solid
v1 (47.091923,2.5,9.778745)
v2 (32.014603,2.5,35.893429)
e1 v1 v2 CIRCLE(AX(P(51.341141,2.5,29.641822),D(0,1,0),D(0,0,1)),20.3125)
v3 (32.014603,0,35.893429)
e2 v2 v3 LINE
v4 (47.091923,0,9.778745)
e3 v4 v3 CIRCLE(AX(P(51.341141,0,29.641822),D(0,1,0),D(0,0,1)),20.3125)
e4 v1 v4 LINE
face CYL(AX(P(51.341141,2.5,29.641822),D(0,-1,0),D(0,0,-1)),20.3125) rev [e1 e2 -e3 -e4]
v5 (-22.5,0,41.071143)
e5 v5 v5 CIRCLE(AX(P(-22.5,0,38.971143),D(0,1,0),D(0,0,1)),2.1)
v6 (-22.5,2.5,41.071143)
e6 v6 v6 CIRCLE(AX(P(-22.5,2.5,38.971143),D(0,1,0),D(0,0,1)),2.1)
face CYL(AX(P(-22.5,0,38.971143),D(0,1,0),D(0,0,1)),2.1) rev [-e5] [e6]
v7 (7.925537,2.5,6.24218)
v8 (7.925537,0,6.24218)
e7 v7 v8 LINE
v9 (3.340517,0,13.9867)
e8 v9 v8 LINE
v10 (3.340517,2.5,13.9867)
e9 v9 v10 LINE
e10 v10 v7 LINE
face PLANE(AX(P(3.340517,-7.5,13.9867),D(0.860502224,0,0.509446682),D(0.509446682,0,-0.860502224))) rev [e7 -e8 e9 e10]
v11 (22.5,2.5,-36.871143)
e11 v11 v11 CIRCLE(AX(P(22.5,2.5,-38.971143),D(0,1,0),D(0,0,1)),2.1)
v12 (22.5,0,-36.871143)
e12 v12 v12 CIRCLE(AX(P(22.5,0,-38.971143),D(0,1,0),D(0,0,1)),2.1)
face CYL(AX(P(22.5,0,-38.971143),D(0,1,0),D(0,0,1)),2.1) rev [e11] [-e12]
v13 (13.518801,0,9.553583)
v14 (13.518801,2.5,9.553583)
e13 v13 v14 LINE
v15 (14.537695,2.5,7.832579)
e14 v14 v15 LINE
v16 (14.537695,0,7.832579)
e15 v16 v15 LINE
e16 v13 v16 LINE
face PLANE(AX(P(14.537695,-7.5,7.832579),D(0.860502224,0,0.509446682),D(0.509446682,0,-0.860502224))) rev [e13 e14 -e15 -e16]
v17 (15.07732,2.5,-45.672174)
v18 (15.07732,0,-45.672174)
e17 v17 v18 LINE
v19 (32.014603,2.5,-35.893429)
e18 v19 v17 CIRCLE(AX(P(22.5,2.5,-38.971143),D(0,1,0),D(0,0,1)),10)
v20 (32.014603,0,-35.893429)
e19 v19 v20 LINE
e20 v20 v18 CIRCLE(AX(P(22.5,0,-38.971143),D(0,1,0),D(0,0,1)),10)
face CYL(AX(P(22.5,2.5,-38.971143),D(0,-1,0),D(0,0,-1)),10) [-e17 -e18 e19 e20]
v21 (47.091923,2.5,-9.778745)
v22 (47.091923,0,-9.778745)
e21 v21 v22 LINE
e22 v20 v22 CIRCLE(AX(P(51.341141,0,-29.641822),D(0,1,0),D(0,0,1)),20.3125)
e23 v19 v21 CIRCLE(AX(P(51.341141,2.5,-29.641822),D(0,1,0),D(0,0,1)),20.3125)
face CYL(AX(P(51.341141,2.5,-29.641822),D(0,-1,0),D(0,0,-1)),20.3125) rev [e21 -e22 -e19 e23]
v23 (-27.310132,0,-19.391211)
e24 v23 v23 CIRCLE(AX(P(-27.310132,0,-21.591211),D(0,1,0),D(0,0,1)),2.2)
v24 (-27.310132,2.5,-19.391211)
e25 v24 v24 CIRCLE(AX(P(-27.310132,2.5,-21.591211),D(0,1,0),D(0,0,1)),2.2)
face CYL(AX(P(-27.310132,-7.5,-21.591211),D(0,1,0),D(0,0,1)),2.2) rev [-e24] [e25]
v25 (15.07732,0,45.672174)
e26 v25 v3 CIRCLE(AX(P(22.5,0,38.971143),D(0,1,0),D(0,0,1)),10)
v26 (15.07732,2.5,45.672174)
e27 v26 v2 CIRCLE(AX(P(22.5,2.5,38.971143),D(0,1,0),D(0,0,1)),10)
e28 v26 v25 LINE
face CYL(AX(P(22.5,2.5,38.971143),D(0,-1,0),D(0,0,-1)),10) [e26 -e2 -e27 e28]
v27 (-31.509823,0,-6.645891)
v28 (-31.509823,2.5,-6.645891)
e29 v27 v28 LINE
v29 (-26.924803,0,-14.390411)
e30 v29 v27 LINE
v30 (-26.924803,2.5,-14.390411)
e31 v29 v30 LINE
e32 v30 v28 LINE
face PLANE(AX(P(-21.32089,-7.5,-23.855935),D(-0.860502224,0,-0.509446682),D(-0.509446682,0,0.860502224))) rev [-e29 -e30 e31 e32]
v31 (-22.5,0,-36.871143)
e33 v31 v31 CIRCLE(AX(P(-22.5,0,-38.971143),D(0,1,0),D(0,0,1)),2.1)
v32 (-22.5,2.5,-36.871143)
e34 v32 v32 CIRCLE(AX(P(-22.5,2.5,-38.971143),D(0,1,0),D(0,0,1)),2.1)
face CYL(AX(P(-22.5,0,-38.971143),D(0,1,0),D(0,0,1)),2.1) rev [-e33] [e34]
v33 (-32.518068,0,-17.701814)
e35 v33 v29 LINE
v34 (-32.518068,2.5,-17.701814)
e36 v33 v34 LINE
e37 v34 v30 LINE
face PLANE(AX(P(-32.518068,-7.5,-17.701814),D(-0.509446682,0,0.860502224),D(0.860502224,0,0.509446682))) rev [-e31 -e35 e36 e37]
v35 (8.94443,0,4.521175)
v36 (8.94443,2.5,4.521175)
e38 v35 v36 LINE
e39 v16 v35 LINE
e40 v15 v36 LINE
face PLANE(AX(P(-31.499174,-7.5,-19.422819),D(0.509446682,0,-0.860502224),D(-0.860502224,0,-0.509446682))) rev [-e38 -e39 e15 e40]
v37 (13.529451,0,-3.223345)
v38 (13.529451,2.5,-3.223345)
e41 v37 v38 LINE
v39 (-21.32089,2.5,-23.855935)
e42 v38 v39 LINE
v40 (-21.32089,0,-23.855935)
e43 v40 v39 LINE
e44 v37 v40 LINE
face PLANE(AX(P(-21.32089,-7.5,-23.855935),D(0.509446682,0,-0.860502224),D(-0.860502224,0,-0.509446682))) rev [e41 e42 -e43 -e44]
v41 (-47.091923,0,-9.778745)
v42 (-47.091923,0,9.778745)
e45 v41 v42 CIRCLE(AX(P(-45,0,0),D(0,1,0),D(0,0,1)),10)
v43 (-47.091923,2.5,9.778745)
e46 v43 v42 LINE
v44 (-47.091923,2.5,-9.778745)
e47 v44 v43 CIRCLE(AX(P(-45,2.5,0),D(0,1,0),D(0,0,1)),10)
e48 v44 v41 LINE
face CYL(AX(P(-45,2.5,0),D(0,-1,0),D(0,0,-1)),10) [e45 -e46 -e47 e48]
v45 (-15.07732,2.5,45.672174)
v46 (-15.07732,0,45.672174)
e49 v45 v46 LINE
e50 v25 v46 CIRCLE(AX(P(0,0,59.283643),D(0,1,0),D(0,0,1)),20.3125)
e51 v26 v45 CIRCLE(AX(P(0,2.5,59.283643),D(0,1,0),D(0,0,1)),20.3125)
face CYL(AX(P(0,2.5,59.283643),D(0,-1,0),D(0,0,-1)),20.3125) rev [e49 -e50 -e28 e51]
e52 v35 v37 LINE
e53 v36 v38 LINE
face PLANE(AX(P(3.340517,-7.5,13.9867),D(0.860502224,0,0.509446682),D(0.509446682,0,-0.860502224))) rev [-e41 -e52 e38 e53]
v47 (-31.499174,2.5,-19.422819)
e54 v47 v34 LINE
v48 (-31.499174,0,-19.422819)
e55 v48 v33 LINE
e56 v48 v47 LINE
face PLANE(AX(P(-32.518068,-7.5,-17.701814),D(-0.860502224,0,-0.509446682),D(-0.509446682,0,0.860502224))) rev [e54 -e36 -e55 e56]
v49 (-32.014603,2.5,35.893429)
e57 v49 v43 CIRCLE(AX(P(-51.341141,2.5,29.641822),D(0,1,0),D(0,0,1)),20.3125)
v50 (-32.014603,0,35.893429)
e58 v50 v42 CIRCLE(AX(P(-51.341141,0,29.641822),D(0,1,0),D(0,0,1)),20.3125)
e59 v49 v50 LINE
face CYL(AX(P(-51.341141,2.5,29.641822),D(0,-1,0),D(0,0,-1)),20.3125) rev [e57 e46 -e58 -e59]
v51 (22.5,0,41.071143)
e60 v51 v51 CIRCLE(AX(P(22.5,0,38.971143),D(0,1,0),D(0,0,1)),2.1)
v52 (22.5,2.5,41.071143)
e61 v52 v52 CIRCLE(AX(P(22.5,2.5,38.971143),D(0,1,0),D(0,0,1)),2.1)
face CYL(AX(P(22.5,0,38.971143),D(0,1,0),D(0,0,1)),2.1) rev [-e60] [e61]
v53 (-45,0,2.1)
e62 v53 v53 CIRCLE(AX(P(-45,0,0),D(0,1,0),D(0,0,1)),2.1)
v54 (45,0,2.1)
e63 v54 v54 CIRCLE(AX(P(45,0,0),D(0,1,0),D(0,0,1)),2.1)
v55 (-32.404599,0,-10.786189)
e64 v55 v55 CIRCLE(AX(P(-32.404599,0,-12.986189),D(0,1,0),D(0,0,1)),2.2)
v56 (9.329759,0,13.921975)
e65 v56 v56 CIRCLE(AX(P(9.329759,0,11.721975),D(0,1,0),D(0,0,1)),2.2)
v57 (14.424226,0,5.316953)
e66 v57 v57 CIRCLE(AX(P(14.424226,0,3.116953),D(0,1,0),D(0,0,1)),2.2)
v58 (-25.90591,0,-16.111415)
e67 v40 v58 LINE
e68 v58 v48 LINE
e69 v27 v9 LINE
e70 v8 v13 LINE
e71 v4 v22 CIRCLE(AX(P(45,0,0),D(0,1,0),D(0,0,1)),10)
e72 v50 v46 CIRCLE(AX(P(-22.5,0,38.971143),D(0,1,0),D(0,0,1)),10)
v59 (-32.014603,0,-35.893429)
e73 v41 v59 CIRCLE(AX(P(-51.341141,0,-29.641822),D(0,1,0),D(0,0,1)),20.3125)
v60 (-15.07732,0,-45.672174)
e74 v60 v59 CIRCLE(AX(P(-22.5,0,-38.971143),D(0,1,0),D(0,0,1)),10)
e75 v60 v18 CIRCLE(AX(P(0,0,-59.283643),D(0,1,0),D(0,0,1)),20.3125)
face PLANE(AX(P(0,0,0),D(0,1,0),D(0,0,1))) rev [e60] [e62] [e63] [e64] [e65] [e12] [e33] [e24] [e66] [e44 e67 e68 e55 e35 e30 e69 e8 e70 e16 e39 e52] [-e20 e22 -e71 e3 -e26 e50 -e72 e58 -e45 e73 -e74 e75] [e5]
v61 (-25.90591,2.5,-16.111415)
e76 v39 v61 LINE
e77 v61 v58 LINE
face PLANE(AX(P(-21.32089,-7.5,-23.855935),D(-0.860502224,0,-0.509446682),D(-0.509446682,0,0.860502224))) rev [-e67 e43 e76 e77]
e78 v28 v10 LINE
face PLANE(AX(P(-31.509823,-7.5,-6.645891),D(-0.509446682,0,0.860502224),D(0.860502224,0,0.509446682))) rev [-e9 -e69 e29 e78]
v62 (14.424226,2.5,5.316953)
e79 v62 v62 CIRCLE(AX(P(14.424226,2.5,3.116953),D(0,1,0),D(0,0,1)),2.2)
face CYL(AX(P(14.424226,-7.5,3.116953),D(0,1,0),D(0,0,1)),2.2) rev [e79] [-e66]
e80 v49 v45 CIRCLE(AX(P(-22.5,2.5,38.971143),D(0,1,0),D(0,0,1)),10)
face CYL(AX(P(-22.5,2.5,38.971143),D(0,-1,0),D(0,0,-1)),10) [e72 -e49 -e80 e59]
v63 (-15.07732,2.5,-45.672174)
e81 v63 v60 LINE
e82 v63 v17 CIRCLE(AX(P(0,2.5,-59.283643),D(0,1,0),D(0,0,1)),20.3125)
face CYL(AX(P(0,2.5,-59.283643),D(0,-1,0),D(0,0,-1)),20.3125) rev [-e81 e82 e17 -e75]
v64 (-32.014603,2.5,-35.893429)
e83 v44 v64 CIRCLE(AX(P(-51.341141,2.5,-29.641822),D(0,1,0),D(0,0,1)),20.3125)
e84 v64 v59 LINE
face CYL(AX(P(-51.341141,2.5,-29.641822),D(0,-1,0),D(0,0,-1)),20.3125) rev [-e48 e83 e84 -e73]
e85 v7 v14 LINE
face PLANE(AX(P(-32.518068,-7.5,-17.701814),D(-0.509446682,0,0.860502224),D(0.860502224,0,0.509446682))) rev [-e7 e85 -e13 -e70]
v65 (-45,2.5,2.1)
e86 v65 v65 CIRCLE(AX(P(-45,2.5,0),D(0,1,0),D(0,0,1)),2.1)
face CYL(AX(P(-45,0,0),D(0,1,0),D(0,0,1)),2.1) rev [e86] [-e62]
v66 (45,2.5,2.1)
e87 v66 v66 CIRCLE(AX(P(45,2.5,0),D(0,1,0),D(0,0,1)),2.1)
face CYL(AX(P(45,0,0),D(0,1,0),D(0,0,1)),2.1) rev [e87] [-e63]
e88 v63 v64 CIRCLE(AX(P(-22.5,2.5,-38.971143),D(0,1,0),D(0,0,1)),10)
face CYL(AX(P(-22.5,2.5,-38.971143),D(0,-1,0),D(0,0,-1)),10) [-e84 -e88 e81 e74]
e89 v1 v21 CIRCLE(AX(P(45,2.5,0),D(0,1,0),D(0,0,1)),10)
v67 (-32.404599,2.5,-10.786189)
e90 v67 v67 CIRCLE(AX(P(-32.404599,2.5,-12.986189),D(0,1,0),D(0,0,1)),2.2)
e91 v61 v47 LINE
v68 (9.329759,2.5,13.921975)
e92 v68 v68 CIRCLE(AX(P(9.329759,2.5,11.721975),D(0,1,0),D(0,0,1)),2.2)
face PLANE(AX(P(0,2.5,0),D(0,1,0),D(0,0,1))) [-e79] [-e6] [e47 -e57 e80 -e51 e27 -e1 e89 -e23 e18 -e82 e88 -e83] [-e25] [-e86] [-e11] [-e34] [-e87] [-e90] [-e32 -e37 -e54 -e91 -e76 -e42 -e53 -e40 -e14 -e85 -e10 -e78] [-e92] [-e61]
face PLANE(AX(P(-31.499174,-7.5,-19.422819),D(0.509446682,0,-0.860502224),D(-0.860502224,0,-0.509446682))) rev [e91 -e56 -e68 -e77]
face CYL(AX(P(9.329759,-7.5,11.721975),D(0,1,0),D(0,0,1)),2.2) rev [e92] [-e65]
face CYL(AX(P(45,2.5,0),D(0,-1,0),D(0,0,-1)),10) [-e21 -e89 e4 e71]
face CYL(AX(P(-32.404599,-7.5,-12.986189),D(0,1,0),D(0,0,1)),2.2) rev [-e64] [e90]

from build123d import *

# Parameters (mm, degrees)
SKETCH_2_R          = 6.5
EXTRUDE_1_DEPTH     = 2.5
SKETCH_3_R          = 2.1
CUT_EXTRUDE_1_DEPTH = 2.5
CUT_EXTRUDE_2_DEPTH = 10
SKETCH_5_R          = 2.2
CUT_EXTRUDE_3_DEPTH = 10
CUT_EXTRUDE_4_DEPTH = 10


with BuildPart() as part:
    # 草图2 → 凸台-拉伸1 (new body)
    with BuildSketch(Plane(origin=(0, 0, 0), x_dir=(1, 0, 0), z_dir=(0, 1, 0))):
        with BuildLine():
            ThreePointArc((-47.091925455, 9.778744699), (-55, -1.253e-06), (-47.091923006, -9.778745223))
            ThreePointArc((-47.091923006, -9.778745223), (-33.750000065, -19.485571473), (-32.014603203, -35.893428778))
            ThreePointArc((-32.014603203, -35.893428778), (-27.500000081, -47.631397162), (-15.077319674, -45.672174193))
            ThreePointArc((-15.077319674, -45.672174193), (-9.8e-08, -38.97114317), (15.077319542, -45.672174048))
            ThreePointArc((15.077319542, -45.672174048), (27.500000118, -47.63139714), (32.014603117, -35.893428511))
            ThreePointArc((32.014603117, -35.893428511), (33.750000078, -19.485571451), (47.091922781, -9.778745271))
            ThreePointArc((47.091922781, -9.778745271), (55, -2.05e-07), (47.091923183, 9.778745185))
            ThreePointArc((47.091923183, 9.778745185), (33.750000105, 19.485571404), (32.01460321, 35.893428798))
            ThreePointArc((32.01460321, 35.893428798), (27.499999984, 47.631397217), (15.077319539, 45.672174044))
            ThreePointArc((15.077319539, 45.672174044), (1.8e-08, 38.97114317), (-15.077319515, 45.672174018))
            ThreePointArc((-15.077319515, 45.672174018), (-27.5000001, 47.63139715), (-32.014603117, 35.893428511))
            ThreePointArc((-32.014603117, 35.893428511), (-33.750000761, 19.485570266), (-47.091925455, 9.778744699))
        make_face()
        with Locations(Location((0, 0, 0), (0, 0, 270))):
            Circle(SKETCH_2_R, mode=Mode.SUBTRACT)
    extrude(amount=EXTRUDE_1_DEPTH)

    # 草图3 → 切除-拉伸1 (cut)
    with BuildSketch(Plane(origin=(0, 2.5, 0), x_dir=(1, 0, 0), z_dir=(0, 1, 0))):
        with Locations(Location((-22.5, 38.97114317, 0), (0, 0, 270))):
            Circle(SKETCH_3_R)
        with Locations(Location((22.5, 38.97114317, 0), (0, 0, 270))):
            Circle(SKETCH_3_R)
        with Locations(Location((45, 0, 0), (0, 0, 270))):
            Circle(SKETCH_3_R)
        with Locations(Location((22.5, -38.97114317, 0), (0, 0, 270))):
            Circle(SKETCH_3_R)
        with Locations(Location((-22.5, -38.97114317, 0), (0, 0, 270))):
            Circle(SKETCH_3_R)
        with Locations(Location((-45, 0, 0), (0, 0, 270))):
            Circle(SKETCH_3_R)
    extrude(amount=-CUT_EXTRUDE_1_DEPTH, mode=Mode.SUBTRACT)

    # 草图4 → 切除-拉伸2 (cut)
    with BuildSketch(Plane(origin=(0, 2.5, 0), x_dir=(1, 0, 0), z_dir=(0, 1, 0))):
        Polygon((-21.320889551, 23.855935356), (13.529450533, 3.223344728), (3.340516889, -13.986699758), (-31.509823195, 6.64589087), align=None)
    extrude(amount=-CUT_EXTRUDE_2_DEPTH, mode=Mode.SUBTRACT)

    # 草图5 → 切除-拉伸3 (cut)
    with BuildSketch(Plane(origin=(0, 2.5, 0), x_dir=(1, 0, 0), z_dir=(0, 1, 0))):
        with Locations(Location((14.424226019, -3.116953122, 0), (0, 0, 270))):
            Circle(SKETCH_5_R)
        with Locations(Location((9.329759197, -11.721975365, 0), (0, 0, 270))):
            Circle(SKETCH_5_R)
        with Locations(Location((-27.310131859, 21.591210963, 0), (0, 0, 270))):
            Circle(SKETCH_5_R)
        with Locations(Location((-32.404598681, 12.98618872, 0), (0, 0, 270))):
            Circle(SKETCH_5_R)
    extrude(amount=-CUT_EXTRUDE_3_DEPTH, mode=Mode.SUBTRACT)

    # 草图6 → 切除-拉伸4 (cut)
    with BuildSketch(Plane(origin=(0, 2.5, 0), x_dir=(1, 0, 0), z_dir=(0, 1, 0))):
        Polygon((-32.518067513, 17.701814323), (-31.499174149, 19.422818771), (14.537694851, -7.832578725), (13.518801487, -9.553583174), align=None)
    extrude(amount=-CUT_EXTRUDE_4_DEPTH, mode=Mode.SUBTRACT)


solid = part.part
